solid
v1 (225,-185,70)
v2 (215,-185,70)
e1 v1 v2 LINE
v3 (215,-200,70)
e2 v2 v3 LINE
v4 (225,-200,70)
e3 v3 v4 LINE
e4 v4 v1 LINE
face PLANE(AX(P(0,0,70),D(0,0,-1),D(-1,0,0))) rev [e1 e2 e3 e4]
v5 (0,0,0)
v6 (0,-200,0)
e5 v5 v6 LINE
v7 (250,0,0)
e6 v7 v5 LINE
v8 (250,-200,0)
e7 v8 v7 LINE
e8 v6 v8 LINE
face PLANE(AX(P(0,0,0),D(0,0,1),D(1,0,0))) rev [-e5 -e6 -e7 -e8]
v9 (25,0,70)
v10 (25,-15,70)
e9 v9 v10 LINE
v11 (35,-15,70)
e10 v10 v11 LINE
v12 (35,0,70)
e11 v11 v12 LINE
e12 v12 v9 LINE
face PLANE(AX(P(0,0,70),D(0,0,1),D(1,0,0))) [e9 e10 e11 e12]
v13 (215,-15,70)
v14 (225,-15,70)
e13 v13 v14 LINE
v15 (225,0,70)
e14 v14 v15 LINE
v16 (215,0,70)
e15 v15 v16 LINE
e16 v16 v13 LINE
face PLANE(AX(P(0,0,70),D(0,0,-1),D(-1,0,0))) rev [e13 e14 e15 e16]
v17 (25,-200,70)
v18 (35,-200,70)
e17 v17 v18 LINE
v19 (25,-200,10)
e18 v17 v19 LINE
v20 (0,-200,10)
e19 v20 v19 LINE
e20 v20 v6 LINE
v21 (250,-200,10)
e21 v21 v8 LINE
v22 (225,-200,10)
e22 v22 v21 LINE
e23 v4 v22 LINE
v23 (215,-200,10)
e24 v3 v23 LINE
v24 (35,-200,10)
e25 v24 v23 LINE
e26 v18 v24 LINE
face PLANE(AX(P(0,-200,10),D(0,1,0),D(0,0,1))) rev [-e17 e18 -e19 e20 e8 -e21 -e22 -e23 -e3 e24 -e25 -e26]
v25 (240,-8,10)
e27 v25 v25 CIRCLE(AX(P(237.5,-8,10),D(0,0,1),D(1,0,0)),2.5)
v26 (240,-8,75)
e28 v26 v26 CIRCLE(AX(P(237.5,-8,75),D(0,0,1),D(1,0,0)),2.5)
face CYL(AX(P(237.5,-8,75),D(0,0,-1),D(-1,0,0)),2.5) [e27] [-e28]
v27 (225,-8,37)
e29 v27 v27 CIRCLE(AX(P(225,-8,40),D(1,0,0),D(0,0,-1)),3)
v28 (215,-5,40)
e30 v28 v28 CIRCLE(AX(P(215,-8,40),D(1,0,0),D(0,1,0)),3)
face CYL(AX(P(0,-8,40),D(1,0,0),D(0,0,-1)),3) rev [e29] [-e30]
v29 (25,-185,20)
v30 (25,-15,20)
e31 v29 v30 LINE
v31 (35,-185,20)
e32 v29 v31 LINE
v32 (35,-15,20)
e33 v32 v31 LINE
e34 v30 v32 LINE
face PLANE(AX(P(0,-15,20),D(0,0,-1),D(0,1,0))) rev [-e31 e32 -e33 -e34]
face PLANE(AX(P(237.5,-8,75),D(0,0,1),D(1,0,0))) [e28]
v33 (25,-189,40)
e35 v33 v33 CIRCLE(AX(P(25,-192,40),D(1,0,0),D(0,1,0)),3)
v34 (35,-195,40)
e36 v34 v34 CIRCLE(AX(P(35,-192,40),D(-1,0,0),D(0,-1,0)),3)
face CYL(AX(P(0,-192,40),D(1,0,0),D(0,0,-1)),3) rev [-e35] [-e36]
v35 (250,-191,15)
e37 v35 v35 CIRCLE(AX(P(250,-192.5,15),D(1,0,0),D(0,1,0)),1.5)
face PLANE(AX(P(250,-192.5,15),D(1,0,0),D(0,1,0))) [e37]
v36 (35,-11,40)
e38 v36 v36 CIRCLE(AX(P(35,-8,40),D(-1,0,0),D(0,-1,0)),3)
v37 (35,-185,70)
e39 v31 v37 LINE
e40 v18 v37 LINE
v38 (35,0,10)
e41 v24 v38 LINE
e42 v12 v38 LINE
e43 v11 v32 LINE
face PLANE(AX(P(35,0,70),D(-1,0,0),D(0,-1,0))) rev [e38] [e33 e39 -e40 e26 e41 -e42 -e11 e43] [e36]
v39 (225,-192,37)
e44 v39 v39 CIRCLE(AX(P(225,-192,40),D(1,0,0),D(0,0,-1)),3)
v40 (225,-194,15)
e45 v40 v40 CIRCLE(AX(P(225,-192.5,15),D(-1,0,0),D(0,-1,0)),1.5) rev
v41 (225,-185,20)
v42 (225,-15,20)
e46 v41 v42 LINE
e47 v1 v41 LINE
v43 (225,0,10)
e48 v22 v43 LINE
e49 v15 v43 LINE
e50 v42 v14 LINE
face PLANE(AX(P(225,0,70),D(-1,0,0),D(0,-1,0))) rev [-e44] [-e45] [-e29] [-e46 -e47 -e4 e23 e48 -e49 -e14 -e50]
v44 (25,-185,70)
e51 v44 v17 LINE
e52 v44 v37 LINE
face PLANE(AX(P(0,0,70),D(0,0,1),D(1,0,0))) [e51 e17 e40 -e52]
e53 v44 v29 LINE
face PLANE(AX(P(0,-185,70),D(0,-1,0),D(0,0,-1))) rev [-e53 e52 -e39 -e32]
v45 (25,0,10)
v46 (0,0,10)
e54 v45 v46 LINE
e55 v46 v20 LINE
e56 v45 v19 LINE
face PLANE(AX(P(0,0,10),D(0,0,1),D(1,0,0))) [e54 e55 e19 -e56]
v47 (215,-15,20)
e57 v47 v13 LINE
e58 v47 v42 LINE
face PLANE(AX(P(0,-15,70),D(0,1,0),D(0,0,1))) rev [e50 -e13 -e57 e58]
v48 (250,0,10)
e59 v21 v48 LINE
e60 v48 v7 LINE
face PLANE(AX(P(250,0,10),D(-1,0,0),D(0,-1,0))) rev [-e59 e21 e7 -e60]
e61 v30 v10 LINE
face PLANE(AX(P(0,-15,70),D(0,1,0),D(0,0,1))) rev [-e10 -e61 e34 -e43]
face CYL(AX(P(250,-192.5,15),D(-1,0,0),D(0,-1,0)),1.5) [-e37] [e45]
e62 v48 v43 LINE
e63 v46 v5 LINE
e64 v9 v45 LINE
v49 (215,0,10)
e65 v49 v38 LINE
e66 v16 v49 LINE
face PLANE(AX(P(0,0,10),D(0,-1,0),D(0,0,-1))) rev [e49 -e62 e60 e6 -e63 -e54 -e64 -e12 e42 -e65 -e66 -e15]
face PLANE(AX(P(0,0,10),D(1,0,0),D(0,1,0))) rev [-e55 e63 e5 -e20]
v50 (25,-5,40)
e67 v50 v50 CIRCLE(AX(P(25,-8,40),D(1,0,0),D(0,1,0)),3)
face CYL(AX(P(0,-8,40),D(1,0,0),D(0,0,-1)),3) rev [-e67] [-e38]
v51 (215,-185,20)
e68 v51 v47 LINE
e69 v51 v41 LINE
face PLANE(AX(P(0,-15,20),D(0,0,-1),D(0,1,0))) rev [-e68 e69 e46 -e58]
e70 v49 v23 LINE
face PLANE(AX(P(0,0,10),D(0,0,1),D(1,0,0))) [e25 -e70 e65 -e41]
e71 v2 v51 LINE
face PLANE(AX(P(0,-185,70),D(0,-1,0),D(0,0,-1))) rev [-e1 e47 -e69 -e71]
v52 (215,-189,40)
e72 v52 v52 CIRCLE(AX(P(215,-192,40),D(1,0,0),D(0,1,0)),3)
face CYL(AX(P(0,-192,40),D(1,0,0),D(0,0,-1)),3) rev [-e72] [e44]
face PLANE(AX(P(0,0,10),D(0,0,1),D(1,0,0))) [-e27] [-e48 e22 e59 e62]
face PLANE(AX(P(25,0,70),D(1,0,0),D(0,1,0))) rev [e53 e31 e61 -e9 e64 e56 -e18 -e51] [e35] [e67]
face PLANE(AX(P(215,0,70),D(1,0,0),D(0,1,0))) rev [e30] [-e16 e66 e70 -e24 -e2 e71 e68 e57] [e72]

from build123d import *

# Parameters (mm, degrees)
ESQUISSE1_W             = 250
ESQUISSE1_H             = 200
BOSS_EXTRU_1_DEPTH      = 10
ESQUISSE2_W             = 10
ESQUISSE2_H             = 200
BOSS_EXTRU_2_DEPTH      = 60
ESQUISSE3_R             = 3
ESQUISSE3_W             = 50
ESQUISSE3_H             = 170
ENL_V_MAT_EXTRU_1_DEPTH = 226
ESQUISSE4_R             = 2.5
BOSS_EXTRU_5_DEPTH      = 65
ESQUISSE8_R             = 1.5
BOSS_EXTRU_8_DEPTH      = 25


with BuildPart() as part:
    # Esquisse1 → Boss.-Extru.1 (new body)
    with BuildSketch(Plane.XY):
        with Locations((125, -100)):
            Rectangle(ESQUISSE1_W, ESQUISSE1_H)
    extrude(amount=BOSS_EXTRU_1_DEPTH)

    # Esquisse2 → Boss.-Extru.2 (add)
    with BuildSketch(Plane.XY.offset(10)):
        with Locations((30, -100)):
            Rectangle(ESQUISSE2_W, ESQUISSE2_H)
        with Locations((220, -100)):
            Rectangle(ESQUISSE2_W, ESQUISSE2_H)
    extrude(amount=BOSS_EXTRU_2_DEPTH)

    # Esquisse3 → Enlèv. mat.-Extru.1 (cut, through all)
    with BuildSketch(Plane(origin=(225, 0, 0), x_dir=(0, 0, -1), z_dir=(1, 0, 0))):
        with Locations((-40, -192)):
            Circle(ESQUISSE3_R)
        with Locations((-40, -8)):
            Circle(ESQUISSE3_R)
        with Locations((-45, -100)):
            Rectangle(ESQUISSE3_W, ESQUISSE3_H)
    extrude(amount=-ENL_V_MAT_EXTRU_1_DEPTH, mode=Mode.SUBTRACT)

    # Esquisse4 → Boss.-Extru.5 (add)
    with BuildSketch(Plane.XY.offset(10)):
        with Locations((237.5, -8)):
            Circle(ESQUISSE4_R)
    extrude(amount=BOSS_EXTRU_5_DEPTH)

    # Esquisse8 → Boss.-Extru.8 (add)
    with BuildSketch(Plane(origin=(225, 0, 0), x_dir=(0, 0, -1), z_dir=(1, 0, 0))):
        with Locations((-15, -192.5)):
            Circle(ESQUISSE8_R)
    extrude(amount=BOSS_EXTRU_8_DEPTH)


solid = part.part
